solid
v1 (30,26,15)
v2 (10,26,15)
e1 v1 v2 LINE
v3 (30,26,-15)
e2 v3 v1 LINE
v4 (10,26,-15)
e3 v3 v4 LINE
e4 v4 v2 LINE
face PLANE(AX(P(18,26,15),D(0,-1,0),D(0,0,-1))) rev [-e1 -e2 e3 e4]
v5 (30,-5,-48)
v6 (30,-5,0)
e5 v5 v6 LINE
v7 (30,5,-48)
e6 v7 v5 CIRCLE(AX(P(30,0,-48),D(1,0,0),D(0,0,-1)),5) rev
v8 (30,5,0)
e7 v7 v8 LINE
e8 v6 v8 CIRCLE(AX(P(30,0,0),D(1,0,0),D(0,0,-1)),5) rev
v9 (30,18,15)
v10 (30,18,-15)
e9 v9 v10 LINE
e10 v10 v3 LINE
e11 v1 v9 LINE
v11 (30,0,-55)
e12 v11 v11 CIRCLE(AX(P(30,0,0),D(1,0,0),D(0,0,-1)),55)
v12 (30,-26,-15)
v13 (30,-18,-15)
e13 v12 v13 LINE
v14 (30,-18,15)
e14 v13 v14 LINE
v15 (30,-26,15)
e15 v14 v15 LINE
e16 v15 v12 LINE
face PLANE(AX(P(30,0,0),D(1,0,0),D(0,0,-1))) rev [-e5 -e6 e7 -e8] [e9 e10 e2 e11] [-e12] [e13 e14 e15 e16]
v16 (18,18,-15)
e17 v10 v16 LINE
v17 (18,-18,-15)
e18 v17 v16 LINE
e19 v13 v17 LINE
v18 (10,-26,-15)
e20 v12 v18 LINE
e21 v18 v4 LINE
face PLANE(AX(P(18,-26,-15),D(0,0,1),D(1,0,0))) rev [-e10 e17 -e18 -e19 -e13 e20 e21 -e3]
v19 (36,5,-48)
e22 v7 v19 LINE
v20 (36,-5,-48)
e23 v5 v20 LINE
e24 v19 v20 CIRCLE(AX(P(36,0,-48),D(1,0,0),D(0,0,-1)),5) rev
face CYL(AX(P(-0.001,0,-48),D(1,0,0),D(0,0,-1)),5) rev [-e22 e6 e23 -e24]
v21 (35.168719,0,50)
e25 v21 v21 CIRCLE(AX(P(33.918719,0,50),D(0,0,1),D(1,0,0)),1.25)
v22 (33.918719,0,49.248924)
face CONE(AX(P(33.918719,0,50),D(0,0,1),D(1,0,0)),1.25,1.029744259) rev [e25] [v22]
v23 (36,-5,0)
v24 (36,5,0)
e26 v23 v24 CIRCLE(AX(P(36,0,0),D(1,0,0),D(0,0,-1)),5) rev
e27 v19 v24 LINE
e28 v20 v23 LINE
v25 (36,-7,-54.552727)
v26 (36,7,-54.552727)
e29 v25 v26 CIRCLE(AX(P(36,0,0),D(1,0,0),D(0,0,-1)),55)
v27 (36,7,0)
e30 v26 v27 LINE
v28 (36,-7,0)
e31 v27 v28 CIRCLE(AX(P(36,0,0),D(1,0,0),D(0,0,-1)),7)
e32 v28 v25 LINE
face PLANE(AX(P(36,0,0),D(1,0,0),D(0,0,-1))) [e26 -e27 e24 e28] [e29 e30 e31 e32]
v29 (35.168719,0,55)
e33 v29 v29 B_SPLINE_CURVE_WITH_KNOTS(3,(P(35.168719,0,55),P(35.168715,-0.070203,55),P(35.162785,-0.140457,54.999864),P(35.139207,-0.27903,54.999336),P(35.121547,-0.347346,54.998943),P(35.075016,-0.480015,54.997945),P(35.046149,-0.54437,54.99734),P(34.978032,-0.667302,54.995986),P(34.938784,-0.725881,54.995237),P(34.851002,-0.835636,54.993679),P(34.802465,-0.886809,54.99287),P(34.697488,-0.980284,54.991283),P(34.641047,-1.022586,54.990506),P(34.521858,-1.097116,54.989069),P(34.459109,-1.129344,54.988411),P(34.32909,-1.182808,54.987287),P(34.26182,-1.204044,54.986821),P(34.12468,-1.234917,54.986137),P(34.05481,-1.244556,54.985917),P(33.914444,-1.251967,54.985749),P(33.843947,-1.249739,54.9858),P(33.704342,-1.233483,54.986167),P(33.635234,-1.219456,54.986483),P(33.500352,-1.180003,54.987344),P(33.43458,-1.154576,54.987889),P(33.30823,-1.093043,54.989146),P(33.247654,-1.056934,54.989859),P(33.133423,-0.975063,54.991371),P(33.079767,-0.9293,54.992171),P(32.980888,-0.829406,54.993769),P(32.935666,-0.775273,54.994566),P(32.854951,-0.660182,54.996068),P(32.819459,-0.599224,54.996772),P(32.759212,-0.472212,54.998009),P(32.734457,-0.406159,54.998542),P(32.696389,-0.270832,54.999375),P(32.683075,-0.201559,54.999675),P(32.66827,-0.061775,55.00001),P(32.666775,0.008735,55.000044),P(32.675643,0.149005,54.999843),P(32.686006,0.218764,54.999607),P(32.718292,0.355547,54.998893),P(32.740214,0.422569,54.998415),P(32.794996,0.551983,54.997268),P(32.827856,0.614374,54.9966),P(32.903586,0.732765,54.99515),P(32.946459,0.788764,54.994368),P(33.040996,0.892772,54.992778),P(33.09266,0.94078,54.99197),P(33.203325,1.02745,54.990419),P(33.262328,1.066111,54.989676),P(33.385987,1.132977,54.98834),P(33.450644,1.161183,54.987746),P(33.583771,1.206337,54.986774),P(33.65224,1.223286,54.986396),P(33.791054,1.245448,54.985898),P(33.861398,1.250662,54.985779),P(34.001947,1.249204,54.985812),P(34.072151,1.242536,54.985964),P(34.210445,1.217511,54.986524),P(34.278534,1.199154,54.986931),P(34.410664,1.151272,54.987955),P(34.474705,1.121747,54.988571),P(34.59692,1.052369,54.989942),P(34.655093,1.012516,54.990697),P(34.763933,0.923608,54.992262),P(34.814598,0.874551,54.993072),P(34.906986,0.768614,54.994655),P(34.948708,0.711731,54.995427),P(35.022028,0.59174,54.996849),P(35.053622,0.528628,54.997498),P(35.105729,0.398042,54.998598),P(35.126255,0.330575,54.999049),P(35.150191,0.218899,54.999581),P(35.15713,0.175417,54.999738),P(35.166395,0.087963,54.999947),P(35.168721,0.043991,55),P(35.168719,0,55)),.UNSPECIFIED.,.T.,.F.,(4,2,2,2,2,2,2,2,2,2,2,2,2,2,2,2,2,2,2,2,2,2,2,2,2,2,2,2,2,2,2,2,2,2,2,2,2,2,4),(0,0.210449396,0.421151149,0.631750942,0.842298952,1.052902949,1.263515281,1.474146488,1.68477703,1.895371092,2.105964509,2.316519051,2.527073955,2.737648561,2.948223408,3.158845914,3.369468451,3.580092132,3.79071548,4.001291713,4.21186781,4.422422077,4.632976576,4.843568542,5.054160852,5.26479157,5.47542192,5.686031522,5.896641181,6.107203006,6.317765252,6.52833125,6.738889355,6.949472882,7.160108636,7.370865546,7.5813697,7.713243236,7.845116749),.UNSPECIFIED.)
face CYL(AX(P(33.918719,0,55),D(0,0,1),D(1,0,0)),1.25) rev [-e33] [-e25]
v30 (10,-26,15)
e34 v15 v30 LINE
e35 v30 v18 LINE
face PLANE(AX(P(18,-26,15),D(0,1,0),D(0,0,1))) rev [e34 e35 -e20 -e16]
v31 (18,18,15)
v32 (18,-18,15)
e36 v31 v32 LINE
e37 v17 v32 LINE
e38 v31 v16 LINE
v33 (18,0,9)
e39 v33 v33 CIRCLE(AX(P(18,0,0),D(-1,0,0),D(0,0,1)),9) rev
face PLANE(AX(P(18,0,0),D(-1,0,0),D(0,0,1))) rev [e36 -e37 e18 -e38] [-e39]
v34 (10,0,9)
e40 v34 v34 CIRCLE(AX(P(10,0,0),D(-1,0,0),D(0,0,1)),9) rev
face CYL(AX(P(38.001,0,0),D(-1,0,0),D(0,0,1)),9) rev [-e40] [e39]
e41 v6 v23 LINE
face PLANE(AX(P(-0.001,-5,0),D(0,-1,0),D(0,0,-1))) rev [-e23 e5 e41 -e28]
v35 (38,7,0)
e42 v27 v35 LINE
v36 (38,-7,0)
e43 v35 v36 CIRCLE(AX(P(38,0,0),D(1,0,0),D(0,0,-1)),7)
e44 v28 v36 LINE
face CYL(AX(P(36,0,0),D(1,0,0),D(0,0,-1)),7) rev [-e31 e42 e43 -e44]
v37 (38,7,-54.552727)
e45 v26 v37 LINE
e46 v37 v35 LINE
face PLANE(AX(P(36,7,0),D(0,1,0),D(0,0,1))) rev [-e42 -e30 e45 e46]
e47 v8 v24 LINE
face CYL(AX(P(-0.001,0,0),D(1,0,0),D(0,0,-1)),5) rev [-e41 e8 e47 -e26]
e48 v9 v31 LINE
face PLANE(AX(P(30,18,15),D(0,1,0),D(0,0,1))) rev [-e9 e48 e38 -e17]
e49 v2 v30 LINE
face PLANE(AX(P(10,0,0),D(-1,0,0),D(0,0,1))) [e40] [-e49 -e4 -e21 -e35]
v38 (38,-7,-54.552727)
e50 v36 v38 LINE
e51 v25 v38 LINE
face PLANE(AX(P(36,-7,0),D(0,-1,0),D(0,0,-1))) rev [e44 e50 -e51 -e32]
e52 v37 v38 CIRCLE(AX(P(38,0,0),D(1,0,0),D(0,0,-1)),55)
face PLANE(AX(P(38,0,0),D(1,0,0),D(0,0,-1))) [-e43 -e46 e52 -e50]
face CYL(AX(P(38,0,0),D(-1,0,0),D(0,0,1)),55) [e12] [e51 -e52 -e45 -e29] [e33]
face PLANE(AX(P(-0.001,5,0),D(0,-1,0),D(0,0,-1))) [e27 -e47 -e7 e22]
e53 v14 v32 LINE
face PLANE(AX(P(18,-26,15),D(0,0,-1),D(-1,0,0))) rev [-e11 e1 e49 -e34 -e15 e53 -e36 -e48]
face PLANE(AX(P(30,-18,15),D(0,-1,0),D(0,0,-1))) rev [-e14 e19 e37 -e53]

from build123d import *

# Parameters (mm, degrees)
SKETCH_1_R             = 7.5
EXTRUDE_1_DEPTH        = 10
SKETCH_5_W             = 30
SKETCH_5_H             = 52
EXTRUDE_2_DEPTH        = 8
SKETCH_6_W             = 30
SKETCH_6_H             = 8
EXTRUDE_3_DEPTH        = 12
SKETCH_7_R             = 55
EXTRUDE_4_DEPTH        = 8
CUT_EXTRUDE_4_REACH    = 40
CUT_EXTRUDE_6_DEPTH    = 2
CUT_EXTRUDE_7_REACH    = 40
SKETCH_12_R            = 9
HOLE_WIZARD_M3_1_D     = 2.5
HOLE_WIZARD_M3_1_DEPTH = 5
HOLE_WIZARD_M3_1_TIP   = 0.751075774


with BuildPart() as part:
    # 草图1 → 凸台-拉伸1 (new body)
    with BuildSketch(Plane(origin=(0, 0, 0), x_dir=(0, 0, -1), z_dir=(1, 0, 0))):
        Circle(SKETCH_1_R)
    extrude(amount=EXTRUDE_1_DEPTH)

    # 草图5 → 凸台-拉伸2 (add)
    with BuildSketch(Plane(origin=(10, 0, 0), x_dir=(0, 0, -1), z_dir=(1, 0, 0))):
        Rectangle(SKETCH_5_W, SKETCH_5_H)
    extrude(amount=EXTRUDE_2_DEPTH)

    # 草图6 → 凸台-拉伸3 (add)
    with BuildSketch(Plane(origin=(18, 0, 0), x_dir=(0, 0, -1), z_dir=(1, 0, 0))):
        with Locations((0, 22)):
            Rectangle(SKETCH_6_W, SKETCH_6_H)
        with Locations((0, -22)):
            Rectangle(SKETCH_6_W, SKETCH_6_H)
    extrude(amount=EXTRUDE_3_DEPTH)

    # 草图7 → 凸台-拉伸4 (add)
    with BuildSketch(Plane(origin=(30, 0, 0), x_dir=(0, 0, -1), z_dir=(1, 0, 0))):
        Circle(SKETCH_7_R)
    extrude(amount=EXTRUDE_4_DEPTH)

    # 草图8 → 切除-拉伸4 (cut, up to next)
    with BuildSketch(Plane(origin=(38, 0, 0), x_dir=(0, 0, -1), z_dir=(1, 0, 0)), mode=Mode.PRIVATE) as cut_extrude_4_sk1:
        with BuildLine():
            Line((0, 5), (48, 5))
            ThreePointArc((48, 5), (53, 0), (48, -5))
            Line((48, -5), (0, -5))
            ThreePointArc((0, -5), (-5, 0), (0, 5))
        make_face()
    cut_extrude_4_tool1 = extrude(cut_extrude_4_sk1.sketch, amount=-CUT_EXTRUDE_4_REACH, mode=Mode.PRIVATE) & part.part
    add(cut_extrude_4_tool1.solids().sort_by_distance((38, 0, -24))[0], mode=Mode.SUBTRACT)

    # 草图11 → 切除-拉伸6 (cut)
    with BuildSketch(Plane(origin=(38, 0, 0), x_dir=(0, 0, -1), z_dir=(1, 0, 0))):
        with BuildLine():
            Line((0, 7), (54.552726788, 7))
            ThreePointArc((54.552726788, 7), (55, 0), (54.552726788, -7))
            Line((54.552726788, -7), (0, -7))
            ThreePointArc((0, -7), (-7, 0), (0, 7))
        make_face()
    extrude(amount=-CUT_EXTRUDE_6_DEPTH, mode=Mode.SUBTRACT)

    # 草图12 → 切除-拉伸7 (cut, up to next)
    with BuildSketch(Plane.ZY, mode=Mode.PRIVATE) as cut_extrude_7_sk1:
        Circle(SKETCH_12_R)
    cut_extrude_7_tool1 = extrude(cut_extrude_7_sk1.sketch, amount=-CUT_EXTRUDE_7_REACH, mode=Mode.PRIVATE) & part.part
    add(cut_extrude_7_tool1.solids().sort_by_distance((0, 0, 0))[0], mode=Mode.SUBTRACT)

    # M3 螺纹孔1
    with Locations(Plane(origin=(33.918718573, 0, 55), x_dir=(1, 0, 0), z_dir=(0, 0, 1))):
        with Locations((0, 0)):
            Hole(HOLE_WIZARD_M3_1_D / 2, depth=HOLE_WIZARD_M3_1_DEPTH)
            with Locations((0, 0, -(HOLE_WIZARD_M3_1_DEPTH + HOLE_WIZARD_M3_1_TIP / 2))):  # 118° drill point
                Cone(0, HOLE_WIZARD_M3_1_D / 2, HOLE_WIZARD_M3_1_TIP, mode=Mode.SUBTRACT)


solid = part.part
